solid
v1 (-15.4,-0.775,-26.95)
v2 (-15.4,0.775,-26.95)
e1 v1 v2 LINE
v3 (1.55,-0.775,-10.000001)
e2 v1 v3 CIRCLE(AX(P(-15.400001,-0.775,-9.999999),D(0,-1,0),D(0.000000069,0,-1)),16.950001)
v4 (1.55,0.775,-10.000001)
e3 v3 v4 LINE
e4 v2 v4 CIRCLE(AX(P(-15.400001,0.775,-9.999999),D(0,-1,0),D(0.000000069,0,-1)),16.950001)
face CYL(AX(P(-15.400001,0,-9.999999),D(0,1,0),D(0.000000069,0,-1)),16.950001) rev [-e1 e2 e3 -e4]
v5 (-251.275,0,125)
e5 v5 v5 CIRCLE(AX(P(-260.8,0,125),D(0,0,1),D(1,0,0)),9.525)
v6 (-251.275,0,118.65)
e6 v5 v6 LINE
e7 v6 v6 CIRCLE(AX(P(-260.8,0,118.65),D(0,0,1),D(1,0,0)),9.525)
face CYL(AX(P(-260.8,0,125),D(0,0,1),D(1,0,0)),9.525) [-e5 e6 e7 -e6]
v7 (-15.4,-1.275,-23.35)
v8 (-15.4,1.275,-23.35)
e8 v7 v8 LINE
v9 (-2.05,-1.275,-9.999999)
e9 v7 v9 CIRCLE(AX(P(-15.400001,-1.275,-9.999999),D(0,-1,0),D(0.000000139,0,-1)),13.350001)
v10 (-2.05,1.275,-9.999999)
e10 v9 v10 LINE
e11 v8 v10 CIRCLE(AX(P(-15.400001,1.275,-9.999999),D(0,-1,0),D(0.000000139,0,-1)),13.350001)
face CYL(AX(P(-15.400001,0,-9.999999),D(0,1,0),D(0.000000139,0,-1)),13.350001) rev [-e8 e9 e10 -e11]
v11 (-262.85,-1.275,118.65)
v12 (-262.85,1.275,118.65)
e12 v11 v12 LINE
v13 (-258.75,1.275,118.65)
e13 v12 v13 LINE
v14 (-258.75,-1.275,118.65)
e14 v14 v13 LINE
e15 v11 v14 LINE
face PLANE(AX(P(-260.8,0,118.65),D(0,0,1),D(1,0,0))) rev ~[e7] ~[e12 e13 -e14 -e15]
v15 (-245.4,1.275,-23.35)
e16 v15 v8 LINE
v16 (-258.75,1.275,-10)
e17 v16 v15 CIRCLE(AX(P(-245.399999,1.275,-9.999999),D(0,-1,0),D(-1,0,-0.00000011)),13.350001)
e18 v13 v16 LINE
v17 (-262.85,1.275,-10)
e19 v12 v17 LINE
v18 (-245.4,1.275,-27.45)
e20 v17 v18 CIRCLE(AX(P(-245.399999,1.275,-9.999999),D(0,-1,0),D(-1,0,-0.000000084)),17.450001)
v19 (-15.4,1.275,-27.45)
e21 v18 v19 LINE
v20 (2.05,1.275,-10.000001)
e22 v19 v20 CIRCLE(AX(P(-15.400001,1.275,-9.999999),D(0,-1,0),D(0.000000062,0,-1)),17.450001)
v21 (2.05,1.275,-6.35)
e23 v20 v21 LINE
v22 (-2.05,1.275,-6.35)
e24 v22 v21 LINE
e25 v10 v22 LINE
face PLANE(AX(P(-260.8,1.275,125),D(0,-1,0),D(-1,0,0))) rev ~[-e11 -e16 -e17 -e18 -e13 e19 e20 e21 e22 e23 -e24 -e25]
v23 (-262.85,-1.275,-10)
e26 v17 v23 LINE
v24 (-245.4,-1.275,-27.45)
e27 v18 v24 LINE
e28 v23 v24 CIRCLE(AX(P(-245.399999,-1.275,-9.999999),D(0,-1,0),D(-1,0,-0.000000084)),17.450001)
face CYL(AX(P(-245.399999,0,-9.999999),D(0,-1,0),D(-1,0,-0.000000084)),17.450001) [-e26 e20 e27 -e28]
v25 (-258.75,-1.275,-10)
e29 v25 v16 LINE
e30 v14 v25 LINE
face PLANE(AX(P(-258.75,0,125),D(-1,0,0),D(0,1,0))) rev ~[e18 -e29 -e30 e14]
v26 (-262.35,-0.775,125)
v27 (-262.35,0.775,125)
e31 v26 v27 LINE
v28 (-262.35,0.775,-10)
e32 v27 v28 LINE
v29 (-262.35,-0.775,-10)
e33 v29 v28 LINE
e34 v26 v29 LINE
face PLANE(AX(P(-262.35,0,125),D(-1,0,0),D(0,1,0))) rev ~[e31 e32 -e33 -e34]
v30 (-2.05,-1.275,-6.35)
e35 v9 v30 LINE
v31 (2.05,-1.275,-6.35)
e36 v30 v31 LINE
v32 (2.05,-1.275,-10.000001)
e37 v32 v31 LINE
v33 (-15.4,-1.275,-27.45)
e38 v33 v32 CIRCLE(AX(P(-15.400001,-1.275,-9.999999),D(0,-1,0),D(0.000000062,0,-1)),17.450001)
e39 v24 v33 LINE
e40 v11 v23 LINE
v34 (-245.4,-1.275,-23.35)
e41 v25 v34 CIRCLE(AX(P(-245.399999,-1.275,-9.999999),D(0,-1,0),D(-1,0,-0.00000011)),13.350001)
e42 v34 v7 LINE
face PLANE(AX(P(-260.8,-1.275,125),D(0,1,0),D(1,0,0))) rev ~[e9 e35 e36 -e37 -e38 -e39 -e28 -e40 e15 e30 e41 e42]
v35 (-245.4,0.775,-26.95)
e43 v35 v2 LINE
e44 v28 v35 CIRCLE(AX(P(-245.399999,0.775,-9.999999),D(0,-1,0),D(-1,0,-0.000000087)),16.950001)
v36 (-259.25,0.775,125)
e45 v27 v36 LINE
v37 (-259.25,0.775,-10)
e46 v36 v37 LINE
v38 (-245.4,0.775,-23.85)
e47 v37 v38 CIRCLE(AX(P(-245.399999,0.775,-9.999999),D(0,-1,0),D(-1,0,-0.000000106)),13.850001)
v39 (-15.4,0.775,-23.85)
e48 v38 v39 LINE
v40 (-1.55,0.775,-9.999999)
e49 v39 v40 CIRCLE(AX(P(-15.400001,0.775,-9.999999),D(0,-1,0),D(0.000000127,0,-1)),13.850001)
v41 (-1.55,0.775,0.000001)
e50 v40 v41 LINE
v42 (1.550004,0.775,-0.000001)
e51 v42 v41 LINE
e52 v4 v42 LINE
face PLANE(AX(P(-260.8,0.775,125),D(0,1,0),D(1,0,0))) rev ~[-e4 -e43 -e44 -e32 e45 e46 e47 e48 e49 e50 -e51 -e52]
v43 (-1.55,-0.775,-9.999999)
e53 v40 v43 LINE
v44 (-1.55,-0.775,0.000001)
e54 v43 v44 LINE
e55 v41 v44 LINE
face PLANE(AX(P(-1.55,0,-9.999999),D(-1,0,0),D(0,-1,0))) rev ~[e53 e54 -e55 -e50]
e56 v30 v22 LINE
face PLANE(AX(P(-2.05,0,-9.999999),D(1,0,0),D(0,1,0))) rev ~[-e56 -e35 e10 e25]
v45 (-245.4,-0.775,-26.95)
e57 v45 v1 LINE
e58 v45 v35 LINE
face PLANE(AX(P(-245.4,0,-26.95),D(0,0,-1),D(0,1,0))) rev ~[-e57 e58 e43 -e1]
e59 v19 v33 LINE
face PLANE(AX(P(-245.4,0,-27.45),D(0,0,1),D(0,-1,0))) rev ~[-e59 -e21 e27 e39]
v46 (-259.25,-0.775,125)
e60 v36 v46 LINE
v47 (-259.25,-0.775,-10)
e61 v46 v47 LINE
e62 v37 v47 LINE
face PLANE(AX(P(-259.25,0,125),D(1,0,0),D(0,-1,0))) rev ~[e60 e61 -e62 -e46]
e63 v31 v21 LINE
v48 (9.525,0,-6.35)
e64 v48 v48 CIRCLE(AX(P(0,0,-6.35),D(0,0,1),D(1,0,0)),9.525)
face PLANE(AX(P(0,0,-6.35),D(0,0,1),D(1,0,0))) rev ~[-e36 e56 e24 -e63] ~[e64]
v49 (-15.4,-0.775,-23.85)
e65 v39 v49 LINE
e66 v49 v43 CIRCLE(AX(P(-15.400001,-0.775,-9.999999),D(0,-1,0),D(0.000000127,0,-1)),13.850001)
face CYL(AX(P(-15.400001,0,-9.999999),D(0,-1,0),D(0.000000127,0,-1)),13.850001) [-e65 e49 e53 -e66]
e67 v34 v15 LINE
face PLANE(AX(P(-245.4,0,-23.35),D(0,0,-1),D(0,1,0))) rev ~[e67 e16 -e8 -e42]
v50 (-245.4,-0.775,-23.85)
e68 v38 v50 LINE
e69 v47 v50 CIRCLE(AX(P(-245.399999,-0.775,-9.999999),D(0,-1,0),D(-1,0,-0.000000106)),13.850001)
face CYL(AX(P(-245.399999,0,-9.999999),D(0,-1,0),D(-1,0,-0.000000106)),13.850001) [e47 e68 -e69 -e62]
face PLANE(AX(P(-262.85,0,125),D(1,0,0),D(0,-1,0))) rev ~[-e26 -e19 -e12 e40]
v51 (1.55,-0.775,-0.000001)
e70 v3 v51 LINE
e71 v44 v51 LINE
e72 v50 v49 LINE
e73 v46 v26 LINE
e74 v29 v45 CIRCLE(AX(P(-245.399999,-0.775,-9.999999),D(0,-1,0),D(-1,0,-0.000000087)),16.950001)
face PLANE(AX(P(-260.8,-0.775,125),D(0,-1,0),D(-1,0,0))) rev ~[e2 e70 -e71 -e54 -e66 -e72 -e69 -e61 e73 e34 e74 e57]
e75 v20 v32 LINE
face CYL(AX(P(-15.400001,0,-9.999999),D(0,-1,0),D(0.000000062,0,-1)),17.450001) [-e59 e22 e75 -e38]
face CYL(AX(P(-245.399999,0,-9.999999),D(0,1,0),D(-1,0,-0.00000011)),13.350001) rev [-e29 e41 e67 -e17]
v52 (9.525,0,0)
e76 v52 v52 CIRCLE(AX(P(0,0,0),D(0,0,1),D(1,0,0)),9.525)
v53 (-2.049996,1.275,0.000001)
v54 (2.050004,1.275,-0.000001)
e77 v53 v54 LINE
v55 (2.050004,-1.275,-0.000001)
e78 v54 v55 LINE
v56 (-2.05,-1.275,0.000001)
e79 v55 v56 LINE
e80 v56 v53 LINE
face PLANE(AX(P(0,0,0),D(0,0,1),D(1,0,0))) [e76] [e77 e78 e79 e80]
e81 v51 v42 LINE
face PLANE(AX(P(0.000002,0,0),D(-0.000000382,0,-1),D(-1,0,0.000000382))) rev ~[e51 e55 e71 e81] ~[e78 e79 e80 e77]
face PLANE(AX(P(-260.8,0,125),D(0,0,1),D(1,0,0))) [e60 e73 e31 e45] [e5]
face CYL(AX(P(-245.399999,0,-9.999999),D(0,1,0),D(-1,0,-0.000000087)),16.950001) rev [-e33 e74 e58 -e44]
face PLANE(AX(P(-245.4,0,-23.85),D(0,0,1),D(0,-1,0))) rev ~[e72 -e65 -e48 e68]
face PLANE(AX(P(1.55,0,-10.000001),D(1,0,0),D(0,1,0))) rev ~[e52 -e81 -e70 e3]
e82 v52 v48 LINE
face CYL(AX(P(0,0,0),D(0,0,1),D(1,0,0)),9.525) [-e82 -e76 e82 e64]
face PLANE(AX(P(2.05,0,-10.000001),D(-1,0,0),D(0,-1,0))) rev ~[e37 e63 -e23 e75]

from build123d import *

# Parameters (mm, degrees)
F3_W     = 4.1
F3_H     = 2.55
F3_W_2   = 3.1
F3_H_2   = 1.55
F3_R     = 9.525
F5_DEPTH = 6.35
F1_R     = 9.525
F1_W     = 4.1
F1_H     = 2.55
F6_DEPTH = 6.35


with BuildPart() as f4:
    # F4: sweep along a path in F0
    with BuildLine(Plane.XZ) as f4_path:
        Line((-260.8, 125), (-260.8, 0))
        Line((-260.8, 0), (-260.8, -10))
        ThreePointArc((-260.8, -10), (-256.289444, -20.889444), (-245.4, -25.4))
        Line((-245.4, -25.4), (-235.4, -25.4))
        Line((-235.4, -25.4), (-25.4, -25.4))
        Line((-25.4, -25.4), (-15.4, -25.4))
        ThreePointArc((-15.4, -25.4), (-4.510556, -20.889444), (0, -10))
        Line((0, -10), (0, 0))
    # F3 (on offset) → F4 (sweep)
    with BuildSketch(Plane.XY.offset(125)):
        with Locations((-260.8, 0)):
            Rectangle(F3_W, F3_H)
        with Locations((-260.8, 0)):
            Rectangle(F3_W_2, F3_H_2, mode=Mode.SUBTRACT)
    sweep(path=f4_path.line)

    # F3 (on offset) → F5 (join)
    with BuildSketch(Plane.XY.offset(125)):
        with Locations((-260.8, 0)):
            Circle(F3_R)
        with Locations((-260.8, 0)):
            Rectangle(F3_W, F3_H, mode=Mode.SUBTRACT)
    extrude(amount=-F5_DEPTH)

    # F1 (on Top) → F6 (join)
    with BuildSketch(Plane.XY):
        Circle(F1_R)
        Rectangle(F1_W, F1_H, mode=Mode.SUBTRACT)
    extrude(amount=-F6_DEPTH)


solid = f4.part
